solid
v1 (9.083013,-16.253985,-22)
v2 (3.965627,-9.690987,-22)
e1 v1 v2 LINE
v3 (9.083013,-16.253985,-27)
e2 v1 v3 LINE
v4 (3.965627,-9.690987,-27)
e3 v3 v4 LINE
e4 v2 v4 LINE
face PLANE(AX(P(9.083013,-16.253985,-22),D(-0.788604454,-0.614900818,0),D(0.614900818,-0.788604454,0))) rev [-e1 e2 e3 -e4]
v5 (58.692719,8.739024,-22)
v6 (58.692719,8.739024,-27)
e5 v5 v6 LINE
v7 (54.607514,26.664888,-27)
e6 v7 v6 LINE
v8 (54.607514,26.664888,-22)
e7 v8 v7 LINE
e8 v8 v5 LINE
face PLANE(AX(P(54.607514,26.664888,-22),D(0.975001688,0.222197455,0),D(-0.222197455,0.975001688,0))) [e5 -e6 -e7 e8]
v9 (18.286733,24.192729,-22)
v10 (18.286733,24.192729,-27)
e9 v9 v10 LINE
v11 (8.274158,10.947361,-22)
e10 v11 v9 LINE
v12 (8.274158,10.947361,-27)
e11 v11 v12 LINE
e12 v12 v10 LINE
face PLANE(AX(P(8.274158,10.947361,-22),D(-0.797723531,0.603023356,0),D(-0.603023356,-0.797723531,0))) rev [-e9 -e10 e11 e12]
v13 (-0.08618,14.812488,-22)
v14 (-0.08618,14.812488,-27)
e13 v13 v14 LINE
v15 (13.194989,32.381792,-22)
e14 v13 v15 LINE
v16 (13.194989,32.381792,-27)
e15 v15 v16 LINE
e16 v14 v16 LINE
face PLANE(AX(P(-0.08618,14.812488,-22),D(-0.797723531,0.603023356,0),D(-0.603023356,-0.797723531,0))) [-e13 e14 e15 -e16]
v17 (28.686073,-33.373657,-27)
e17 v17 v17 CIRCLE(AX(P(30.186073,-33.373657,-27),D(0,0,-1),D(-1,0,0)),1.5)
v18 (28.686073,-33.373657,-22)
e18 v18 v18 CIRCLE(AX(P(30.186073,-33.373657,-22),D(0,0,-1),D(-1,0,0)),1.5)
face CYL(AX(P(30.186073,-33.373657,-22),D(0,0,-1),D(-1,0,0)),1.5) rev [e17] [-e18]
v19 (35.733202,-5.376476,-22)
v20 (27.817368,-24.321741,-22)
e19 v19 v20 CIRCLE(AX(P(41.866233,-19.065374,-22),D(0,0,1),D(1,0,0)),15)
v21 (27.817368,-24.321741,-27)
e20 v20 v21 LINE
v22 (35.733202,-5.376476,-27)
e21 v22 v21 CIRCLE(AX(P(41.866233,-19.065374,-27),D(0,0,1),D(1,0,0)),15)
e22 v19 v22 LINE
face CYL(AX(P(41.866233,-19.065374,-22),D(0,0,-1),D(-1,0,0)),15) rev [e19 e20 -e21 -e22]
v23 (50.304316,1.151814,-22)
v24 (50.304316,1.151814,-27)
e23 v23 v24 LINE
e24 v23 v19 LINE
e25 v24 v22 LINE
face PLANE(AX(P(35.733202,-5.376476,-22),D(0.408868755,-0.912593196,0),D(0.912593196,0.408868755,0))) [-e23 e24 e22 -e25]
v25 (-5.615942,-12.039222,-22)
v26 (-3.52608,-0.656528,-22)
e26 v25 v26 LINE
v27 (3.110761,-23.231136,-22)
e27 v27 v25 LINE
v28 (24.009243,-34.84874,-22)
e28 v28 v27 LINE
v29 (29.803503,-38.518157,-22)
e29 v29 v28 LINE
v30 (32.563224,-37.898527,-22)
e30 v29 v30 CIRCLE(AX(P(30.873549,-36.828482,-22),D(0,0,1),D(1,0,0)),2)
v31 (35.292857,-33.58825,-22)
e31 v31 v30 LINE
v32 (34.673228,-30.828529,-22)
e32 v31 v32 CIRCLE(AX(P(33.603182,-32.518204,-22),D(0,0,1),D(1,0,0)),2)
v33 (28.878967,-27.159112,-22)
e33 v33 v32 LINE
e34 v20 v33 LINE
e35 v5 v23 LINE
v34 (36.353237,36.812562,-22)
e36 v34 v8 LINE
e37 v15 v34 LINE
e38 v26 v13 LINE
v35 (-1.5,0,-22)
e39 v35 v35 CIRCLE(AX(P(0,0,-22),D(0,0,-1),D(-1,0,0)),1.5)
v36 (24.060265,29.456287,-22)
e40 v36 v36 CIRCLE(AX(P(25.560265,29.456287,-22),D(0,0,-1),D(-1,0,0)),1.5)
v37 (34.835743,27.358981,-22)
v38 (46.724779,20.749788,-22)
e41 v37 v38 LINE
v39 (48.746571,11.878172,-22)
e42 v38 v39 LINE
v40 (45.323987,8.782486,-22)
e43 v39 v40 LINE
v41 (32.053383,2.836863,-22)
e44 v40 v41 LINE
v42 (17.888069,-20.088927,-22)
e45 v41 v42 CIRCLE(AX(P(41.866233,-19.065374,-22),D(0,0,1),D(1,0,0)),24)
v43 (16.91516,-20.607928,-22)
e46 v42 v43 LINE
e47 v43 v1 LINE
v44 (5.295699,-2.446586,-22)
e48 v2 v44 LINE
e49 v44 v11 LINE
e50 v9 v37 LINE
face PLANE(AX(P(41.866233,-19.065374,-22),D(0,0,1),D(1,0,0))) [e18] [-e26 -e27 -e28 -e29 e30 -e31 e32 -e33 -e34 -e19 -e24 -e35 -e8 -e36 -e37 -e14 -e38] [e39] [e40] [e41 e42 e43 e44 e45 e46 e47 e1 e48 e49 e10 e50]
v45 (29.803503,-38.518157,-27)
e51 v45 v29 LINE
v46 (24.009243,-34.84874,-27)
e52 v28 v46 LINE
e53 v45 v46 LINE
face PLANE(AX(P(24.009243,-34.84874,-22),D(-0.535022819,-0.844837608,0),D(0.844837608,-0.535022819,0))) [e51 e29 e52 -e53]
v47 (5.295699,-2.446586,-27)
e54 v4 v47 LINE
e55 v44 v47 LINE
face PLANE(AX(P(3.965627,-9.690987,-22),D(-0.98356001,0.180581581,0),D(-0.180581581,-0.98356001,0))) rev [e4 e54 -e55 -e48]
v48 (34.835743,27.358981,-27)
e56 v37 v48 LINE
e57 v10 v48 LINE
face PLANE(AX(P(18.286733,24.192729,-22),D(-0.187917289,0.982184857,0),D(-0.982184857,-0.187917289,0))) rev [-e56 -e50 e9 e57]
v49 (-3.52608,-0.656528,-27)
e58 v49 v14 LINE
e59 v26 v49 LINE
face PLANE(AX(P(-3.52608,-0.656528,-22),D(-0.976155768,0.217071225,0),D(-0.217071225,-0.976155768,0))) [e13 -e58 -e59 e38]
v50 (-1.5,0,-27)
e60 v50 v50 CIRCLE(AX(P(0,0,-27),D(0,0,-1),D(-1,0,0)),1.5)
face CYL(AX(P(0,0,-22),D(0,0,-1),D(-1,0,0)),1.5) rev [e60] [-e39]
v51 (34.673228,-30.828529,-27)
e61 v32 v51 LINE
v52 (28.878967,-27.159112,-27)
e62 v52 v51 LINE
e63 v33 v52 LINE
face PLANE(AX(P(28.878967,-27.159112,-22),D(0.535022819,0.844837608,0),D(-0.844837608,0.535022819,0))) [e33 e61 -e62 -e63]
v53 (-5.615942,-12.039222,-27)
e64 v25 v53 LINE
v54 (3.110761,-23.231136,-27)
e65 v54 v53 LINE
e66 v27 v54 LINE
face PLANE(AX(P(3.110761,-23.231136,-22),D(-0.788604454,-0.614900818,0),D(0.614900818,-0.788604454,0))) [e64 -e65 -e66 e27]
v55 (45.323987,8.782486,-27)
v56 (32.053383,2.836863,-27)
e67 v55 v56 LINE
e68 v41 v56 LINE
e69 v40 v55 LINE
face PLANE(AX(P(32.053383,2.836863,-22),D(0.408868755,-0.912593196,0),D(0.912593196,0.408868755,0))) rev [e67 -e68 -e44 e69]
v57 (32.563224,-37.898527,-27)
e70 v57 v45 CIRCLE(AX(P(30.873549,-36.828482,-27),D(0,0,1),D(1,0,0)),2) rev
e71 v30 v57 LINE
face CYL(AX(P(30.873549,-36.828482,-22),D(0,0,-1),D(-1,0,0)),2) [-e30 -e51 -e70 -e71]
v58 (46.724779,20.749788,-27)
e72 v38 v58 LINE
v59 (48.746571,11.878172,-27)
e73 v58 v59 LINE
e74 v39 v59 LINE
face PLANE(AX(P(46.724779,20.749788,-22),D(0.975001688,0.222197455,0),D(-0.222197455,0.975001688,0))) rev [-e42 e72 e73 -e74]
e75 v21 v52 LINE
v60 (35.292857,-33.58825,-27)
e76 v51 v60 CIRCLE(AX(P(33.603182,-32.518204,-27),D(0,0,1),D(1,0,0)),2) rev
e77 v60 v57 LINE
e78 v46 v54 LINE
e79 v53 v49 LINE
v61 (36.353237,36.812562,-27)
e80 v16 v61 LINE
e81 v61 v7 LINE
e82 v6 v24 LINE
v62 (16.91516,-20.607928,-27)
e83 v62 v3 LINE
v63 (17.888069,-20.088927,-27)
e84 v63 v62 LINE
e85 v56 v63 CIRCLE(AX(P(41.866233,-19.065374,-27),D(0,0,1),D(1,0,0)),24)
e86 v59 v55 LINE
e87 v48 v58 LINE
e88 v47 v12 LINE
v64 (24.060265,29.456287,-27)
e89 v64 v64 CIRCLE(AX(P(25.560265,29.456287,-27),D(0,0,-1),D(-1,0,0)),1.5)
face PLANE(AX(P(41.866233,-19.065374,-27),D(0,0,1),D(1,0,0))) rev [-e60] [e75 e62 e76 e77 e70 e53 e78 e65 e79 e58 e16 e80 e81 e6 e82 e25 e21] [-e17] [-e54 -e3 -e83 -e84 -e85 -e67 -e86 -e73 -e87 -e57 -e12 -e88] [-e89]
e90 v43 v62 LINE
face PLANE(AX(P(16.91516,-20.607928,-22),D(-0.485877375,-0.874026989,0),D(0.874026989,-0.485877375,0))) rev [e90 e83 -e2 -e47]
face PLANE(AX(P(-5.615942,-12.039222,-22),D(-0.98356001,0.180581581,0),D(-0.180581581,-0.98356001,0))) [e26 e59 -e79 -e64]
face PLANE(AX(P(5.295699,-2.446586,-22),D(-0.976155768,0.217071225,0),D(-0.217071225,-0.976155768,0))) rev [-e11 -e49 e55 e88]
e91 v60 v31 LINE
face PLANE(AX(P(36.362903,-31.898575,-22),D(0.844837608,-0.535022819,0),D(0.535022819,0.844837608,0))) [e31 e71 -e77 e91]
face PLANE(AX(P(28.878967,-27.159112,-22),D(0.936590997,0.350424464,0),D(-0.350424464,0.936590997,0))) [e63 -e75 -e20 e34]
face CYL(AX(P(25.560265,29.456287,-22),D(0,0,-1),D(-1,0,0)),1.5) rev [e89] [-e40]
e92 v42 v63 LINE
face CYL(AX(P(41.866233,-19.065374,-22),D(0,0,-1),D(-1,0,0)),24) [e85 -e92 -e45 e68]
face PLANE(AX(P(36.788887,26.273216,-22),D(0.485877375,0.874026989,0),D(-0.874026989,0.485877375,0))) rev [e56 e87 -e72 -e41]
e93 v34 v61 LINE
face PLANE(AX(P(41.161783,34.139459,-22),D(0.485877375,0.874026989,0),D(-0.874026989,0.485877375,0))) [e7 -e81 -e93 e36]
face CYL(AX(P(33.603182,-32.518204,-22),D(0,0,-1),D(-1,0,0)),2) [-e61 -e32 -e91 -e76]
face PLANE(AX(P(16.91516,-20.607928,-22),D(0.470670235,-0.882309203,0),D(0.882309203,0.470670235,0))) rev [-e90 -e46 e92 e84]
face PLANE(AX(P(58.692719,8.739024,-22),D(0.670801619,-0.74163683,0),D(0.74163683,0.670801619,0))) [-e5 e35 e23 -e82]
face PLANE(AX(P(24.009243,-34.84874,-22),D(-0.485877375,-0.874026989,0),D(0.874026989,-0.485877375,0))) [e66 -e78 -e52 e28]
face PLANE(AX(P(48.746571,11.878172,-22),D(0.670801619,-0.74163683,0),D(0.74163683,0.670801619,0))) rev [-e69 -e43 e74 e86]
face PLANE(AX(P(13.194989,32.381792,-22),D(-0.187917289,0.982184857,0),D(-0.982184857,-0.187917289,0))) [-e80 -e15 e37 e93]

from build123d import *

# Parameters (mm, degrees)
SKETCH2_R           = 1.5
BOSS_EXTRUDE1_DEPTH = 5
FILLET1_R           = 2


with BuildPart() as part:
    # Sketch2 → Boss-Extrude1 (new body)
    with BuildSketch(Plane(origin=(6.301928067, 33.341579781, -27), x_dir=(-0.670801619, 0.74163683, 0), z_dir=(0, 0, -1))):
        with BuildLine():
            Line((-60.01425581, -23.839998272), (-68.549452032, -21.468875235))
            Line((-68.549452032, -21.468875235), (-70.98574419, -30.238657023))
            Line((-70.98574419, -30.238657023), (-62.450547968, -32.60978006))
            Line((-62.450547968, -32.60978006), (-39.815769516, -40.315756269))
            Line((-39.815769516, -40.315756269), (-25.661547731, -39.280246834))
            Line((-25.661547731, -39.280246834), (-18.621605657, -30.094798604))
            Line((-18.621605657, -30.094798604), (-9.456704001, -17.167000829))
            Line((-9.456704001, -17.167000829), (-5.335690467, 4.468320227))
            Line((-5.335690467, 4.468320227), (-17.584258472, 24.615497506))
            Line((-17.584258472, 24.615497506), (-22.792310688, 26.388571034))
            Line((-22.792310688, 26.388571034), (-37.355145596, 31.346466229))
            Line((-37.355145596, 31.346466229), (-53.38998859, 22.351505712))
            Line((-53.38998859, 22.351505712), (-53.38998859, 11.040844476))
            Line((-53.38998859, 11.040844476), (-48.457282179, -4.144818068))
            ThreePointArc((-48.457282179, -4.144818068), (-49.150509534, -15.1642744), (-57.197834388, -22.724006186))
            Line((-57.197834388, -22.724006186), (-60.01425581, -23.839998272))
        make_face()
        with Locations((-65.5, -27.039327647)):
            Circle(SKETCH2_R, mode=Mode.SUBTRACT)
        with Locations((-20.5, -27.039327647)):
            Circle(SKETCH2_R, mode=Mode.SUBTRACT)
        with Locations((-15.8, 11.676431418)):
            Circle(SKETCH2_R, mode=Mode.SUBTRACT)
        with BuildLine():
            Line((-47.130315082, -28.318253081), (-38.647453771, -31.206230429))
            Line((-38.647453771, -31.206230429), (-30.347341702, -30.599002106))
            Line((-30.347341702, -30.599002106), (-25.866841879, -24.753016622))
            Line((-25.866841879, -24.753016622), (-17.931352522, -13.559399331))
            Line((-17.931352522, -13.559399331), (-14.824551002, 2.751308649))
            Line((-14.824551002, 2.751308649), (-23.577444554, 17.1485915))
            Line((-23.577444554, 17.1485915), (-25.692860174, 17.86878156))
            Line((-25.692860174, 17.86878156), (-36.454250771, 21.532480769))
            Line((-36.454250771, 21.532480769), (-44.38998859, 17.080822067))
            Line((-44.38998859, 17.080822067), (-44.38998859, 12.465915799))
            Line((-44.38998859, 12.465915799), (-39.897539246, -1.364386282))
            ThreePointArc((-39.897539246, -1.364386282), (-39.671812155, -15.458597607), (-47.39803378, -27.248561347))
            Line((-47.39803378, -27.248561347), (-47.130315082, -28.318253081))
        make_face(mode=Mode.SUBTRACT)
    extrude(amount=-BOSS_EXTRUDE1_DEPTH)

    # Fillet1
    fillet1_edges = [part.edges().sort_by_distance(p)[0] for p in [
        (31.493178432, -39.588202626, -24.5),
        (36.362902877, -31.898574812, -24.5),
    ]]
    fillet(fillet1_edges, radius=FILLET1_R)


solid = part.part
